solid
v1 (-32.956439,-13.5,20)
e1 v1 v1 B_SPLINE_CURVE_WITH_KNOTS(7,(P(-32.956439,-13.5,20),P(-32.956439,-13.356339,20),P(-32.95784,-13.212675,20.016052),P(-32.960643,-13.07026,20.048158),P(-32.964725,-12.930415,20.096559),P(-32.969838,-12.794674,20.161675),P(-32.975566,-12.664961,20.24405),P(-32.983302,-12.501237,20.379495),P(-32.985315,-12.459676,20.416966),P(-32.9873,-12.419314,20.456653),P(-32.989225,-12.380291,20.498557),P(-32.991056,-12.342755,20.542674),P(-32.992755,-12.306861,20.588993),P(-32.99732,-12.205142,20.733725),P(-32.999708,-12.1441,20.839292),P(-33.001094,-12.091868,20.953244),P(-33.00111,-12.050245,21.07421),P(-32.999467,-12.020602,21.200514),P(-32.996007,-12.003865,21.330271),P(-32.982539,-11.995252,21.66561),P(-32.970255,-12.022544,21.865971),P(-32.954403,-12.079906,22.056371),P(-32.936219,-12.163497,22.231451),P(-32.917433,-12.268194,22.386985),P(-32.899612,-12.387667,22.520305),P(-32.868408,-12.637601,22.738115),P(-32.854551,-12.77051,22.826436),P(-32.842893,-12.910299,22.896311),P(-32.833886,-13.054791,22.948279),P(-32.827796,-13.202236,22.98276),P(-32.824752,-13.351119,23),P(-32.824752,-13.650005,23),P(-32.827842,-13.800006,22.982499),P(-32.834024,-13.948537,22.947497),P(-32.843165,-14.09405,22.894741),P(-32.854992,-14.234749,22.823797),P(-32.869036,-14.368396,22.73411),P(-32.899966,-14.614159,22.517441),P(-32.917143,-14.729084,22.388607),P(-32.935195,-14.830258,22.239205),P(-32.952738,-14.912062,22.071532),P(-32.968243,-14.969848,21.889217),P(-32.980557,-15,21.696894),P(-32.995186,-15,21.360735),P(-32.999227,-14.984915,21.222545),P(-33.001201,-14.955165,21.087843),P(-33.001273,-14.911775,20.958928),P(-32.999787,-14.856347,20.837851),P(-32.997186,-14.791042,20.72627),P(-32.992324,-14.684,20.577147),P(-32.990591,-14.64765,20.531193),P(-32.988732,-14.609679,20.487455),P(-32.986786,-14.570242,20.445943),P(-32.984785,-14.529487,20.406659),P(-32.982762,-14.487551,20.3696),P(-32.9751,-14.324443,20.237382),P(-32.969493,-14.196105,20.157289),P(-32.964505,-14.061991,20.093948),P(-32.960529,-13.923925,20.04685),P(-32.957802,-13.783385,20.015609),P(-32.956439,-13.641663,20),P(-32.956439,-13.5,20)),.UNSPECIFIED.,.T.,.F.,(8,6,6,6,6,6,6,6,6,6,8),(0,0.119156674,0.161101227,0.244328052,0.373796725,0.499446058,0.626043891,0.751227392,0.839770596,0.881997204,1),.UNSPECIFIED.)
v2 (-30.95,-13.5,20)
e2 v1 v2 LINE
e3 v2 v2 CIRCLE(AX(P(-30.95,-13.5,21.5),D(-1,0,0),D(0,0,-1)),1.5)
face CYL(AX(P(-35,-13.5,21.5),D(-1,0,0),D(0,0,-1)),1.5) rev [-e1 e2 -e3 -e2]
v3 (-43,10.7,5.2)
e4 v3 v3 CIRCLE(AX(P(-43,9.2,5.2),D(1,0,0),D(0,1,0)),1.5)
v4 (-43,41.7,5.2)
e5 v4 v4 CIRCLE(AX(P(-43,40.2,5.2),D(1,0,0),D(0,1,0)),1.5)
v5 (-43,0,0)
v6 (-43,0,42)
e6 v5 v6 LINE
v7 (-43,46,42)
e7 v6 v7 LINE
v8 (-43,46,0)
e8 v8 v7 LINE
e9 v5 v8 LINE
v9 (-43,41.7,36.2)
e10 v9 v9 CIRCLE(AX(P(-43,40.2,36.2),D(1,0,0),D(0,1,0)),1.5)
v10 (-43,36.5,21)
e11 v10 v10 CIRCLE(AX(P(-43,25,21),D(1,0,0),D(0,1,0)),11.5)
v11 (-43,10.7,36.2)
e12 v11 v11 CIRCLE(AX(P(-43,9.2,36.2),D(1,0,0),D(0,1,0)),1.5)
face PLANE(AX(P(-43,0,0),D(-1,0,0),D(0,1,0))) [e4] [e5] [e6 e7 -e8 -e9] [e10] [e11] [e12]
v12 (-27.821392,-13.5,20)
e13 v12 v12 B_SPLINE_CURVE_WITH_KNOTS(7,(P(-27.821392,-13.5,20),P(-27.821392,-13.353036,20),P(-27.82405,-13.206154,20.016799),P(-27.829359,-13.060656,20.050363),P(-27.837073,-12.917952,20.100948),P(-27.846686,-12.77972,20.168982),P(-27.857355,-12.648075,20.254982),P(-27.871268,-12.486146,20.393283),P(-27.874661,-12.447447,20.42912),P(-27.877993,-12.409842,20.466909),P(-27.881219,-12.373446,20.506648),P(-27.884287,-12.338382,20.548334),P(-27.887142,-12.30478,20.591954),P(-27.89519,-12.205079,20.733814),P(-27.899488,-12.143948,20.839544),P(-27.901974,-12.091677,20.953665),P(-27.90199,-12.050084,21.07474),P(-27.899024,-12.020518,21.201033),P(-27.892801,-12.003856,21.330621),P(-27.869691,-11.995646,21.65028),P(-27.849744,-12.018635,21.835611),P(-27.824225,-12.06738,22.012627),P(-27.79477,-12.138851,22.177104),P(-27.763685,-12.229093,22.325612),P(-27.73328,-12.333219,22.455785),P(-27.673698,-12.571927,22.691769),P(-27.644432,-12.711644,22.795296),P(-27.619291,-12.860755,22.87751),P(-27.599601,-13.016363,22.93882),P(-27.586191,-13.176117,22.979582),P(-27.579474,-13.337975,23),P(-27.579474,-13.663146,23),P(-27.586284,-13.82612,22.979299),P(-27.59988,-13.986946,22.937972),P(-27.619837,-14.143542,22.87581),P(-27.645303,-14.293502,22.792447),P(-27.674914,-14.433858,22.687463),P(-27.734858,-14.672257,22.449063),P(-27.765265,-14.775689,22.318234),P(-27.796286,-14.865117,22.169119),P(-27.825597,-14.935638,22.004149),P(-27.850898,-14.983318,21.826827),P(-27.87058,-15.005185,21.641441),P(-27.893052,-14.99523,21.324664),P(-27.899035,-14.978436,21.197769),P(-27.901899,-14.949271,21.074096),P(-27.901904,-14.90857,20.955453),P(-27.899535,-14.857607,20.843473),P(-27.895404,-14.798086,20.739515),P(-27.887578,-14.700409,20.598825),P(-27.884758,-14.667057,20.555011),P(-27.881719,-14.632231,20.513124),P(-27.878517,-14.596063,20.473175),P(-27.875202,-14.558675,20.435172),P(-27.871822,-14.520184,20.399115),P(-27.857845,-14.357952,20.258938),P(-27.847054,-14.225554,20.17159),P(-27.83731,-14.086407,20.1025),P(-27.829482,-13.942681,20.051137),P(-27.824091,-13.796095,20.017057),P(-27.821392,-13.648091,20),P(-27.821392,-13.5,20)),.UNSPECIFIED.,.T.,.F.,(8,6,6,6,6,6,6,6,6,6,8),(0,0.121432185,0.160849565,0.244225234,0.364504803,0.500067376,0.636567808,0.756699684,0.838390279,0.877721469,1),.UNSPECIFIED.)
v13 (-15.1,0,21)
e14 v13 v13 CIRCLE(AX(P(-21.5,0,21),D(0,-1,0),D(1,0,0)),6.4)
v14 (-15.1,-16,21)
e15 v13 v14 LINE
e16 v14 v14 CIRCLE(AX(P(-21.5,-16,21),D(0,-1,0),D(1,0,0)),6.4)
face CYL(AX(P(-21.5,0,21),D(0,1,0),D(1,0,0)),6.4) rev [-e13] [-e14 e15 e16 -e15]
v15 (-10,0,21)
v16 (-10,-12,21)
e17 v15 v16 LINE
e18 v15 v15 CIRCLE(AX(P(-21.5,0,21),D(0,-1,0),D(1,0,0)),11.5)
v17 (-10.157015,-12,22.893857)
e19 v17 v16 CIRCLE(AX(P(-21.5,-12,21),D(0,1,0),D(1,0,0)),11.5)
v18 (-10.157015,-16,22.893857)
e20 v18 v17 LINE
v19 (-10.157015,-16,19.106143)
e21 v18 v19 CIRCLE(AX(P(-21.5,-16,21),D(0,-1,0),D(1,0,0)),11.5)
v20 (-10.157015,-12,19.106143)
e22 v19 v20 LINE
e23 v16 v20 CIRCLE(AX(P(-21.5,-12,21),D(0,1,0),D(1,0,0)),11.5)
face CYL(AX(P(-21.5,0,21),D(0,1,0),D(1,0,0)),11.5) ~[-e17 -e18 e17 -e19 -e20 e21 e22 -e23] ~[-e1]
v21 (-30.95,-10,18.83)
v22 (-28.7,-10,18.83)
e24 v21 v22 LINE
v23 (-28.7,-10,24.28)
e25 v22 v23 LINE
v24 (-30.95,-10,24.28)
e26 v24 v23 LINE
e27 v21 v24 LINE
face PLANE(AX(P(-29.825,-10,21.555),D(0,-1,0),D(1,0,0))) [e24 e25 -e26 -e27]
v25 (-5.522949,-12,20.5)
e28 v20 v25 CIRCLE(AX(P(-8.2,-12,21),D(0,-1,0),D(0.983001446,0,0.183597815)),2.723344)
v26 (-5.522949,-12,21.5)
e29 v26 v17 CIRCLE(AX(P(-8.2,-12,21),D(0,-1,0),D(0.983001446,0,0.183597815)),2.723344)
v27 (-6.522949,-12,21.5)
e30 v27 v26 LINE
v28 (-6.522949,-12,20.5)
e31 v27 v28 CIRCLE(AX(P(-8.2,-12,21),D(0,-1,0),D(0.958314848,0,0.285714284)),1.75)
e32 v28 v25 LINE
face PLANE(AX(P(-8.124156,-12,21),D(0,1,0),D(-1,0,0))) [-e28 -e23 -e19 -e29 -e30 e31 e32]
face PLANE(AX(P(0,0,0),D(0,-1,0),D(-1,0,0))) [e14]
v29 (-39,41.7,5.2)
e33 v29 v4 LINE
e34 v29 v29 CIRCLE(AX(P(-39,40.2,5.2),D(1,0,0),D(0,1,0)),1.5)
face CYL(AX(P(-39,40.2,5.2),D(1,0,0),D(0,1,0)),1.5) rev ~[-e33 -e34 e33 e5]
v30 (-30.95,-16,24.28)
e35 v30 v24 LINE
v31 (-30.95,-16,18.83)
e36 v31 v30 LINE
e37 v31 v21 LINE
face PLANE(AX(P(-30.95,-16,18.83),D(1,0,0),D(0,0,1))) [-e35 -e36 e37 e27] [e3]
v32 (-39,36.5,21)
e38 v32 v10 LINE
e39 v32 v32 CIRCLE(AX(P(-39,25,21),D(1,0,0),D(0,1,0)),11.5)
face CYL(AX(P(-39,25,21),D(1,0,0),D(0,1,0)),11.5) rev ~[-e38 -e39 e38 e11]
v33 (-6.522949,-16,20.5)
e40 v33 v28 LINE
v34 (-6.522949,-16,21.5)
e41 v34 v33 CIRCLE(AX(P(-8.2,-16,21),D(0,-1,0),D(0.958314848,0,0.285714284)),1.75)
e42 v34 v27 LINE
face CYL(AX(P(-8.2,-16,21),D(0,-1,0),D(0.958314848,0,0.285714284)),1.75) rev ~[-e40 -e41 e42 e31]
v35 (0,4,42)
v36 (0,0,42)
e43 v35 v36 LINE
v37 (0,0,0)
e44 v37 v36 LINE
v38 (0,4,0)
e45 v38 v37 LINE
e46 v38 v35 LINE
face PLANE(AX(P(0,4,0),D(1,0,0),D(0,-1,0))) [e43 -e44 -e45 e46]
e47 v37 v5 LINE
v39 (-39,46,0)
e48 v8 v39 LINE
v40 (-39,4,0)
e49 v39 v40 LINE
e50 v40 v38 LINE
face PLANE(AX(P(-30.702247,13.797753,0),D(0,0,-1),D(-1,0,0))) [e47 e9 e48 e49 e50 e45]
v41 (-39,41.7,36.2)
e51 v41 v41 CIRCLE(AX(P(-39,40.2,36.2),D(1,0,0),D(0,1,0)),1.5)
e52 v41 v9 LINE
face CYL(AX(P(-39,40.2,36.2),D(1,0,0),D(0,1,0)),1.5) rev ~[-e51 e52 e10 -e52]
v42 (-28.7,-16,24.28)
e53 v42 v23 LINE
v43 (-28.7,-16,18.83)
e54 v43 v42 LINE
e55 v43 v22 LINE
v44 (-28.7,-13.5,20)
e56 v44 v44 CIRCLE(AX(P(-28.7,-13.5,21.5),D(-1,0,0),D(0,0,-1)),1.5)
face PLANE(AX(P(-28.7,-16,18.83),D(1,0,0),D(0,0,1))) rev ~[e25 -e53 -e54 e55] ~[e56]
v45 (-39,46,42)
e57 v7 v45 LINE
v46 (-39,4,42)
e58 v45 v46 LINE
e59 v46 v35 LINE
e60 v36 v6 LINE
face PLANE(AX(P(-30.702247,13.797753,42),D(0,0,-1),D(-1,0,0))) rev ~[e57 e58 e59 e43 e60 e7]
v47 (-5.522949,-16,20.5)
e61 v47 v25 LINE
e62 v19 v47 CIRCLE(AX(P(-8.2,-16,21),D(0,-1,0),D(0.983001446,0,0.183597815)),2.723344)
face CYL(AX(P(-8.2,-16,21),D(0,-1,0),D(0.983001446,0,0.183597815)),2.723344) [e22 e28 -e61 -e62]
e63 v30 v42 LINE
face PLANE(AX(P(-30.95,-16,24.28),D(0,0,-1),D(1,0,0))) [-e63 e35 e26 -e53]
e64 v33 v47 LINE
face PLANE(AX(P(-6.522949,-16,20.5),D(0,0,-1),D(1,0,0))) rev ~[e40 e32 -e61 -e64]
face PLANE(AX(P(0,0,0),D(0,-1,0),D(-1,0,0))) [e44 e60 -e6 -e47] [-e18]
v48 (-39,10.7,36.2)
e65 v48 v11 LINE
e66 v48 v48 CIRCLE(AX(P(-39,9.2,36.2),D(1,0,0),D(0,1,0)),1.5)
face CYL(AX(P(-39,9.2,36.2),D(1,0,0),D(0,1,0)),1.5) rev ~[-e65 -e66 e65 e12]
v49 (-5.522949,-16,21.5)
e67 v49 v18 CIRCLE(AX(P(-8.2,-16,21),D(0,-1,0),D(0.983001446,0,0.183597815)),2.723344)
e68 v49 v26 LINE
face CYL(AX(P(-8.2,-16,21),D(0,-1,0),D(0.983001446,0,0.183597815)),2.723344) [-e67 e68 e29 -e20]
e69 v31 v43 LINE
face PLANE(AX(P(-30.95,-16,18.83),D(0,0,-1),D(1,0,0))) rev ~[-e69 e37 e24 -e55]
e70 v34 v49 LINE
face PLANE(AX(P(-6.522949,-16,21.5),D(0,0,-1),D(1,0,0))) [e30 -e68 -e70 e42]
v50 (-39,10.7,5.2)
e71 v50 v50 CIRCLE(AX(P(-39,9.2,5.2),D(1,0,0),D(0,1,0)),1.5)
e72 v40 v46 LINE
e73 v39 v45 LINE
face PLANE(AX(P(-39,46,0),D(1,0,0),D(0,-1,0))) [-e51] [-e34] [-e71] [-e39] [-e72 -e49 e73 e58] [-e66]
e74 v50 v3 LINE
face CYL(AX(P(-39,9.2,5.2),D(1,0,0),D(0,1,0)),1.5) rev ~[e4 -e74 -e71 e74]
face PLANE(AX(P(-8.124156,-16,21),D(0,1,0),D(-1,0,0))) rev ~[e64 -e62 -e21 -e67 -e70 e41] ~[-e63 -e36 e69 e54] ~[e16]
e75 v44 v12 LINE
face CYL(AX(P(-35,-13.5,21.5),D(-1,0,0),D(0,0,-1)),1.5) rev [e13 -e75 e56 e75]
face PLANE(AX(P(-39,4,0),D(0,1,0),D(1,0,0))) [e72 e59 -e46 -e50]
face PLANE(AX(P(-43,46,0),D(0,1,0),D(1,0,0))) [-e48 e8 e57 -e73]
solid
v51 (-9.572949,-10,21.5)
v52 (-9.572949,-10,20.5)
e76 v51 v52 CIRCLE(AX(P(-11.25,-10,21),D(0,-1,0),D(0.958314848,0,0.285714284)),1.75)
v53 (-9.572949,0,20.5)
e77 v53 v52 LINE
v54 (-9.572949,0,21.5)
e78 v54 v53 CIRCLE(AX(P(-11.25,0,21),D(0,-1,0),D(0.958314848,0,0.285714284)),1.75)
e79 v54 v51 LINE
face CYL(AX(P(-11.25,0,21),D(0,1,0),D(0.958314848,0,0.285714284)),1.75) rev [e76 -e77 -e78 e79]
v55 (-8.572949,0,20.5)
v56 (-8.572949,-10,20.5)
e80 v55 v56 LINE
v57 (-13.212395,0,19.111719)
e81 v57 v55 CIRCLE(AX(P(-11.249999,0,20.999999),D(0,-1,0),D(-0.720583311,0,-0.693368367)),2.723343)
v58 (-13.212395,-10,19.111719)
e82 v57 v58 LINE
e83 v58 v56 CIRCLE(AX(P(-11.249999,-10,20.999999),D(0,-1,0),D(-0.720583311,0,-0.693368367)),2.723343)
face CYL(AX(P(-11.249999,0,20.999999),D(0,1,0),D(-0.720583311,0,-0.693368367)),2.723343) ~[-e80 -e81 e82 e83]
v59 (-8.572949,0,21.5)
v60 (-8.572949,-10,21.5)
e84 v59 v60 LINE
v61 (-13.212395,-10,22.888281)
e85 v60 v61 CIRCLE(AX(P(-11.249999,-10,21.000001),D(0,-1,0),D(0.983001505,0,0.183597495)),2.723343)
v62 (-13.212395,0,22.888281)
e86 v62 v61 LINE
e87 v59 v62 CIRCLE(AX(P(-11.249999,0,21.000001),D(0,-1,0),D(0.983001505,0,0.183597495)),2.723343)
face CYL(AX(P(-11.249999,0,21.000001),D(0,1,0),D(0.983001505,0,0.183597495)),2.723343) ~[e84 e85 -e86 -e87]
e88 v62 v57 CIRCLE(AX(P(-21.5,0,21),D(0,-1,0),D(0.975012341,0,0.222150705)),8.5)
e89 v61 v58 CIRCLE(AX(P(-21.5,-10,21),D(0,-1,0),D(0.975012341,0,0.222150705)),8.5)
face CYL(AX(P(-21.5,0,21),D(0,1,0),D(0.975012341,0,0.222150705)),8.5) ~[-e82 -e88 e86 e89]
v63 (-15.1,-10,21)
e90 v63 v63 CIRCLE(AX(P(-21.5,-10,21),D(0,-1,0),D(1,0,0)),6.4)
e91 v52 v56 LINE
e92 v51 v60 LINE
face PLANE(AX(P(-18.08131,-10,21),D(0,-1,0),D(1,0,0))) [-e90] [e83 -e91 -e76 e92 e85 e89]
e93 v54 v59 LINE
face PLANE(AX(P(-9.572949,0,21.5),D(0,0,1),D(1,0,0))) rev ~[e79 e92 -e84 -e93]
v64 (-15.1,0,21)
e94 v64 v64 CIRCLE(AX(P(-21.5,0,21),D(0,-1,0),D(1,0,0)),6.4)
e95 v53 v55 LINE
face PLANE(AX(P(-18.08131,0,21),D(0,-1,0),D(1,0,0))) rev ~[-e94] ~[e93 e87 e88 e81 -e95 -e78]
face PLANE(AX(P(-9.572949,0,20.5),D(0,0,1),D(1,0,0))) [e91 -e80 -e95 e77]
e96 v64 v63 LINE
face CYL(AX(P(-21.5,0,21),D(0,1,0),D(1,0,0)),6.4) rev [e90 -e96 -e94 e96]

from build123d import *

# Parameters (mm, degrees)
SKETCH004_R     = 6.4
PAD003_DEPTH    = 10
CYLINDER_R      = 1.5
CYLINDER_DEPTH  = 10
PAD_DEPTH       = 42
SKETCH001_R     = 1.5
SKETCH001_R_2   = 11.5
POCKET_DEPTH    = 4.001
SKETCH002_R     = 11.5
SKETCH002_R_2   = 6.4
PAD001_DEPTH    = 16
PAD002_DEPTH    = 4
SKETCH005_W     = 2.25
SKETCH005_H     = 5.45
POCKET001_DEPTH = 6


with BuildPart() as body001:
    # Sketch004 → Pad003 (new body)
    with BuildSketch(Plane.XZ):
        with BuildLine():
            ThreePointArc((-13.212395, 22.888281), (-30, 21), (-13.212395, 19.111719))
            ThreePointArc((-13.212395, 19.111719), (-10.469286, 18.39096), (-8.572949, 20.5))
            Line((-9.572949, 20.5), (-8.572949, 20.5))
            ThreePointArc((-9.572949, 21.5), (-13, 21), (-9.572949, 20.5))
            Line((-9.572949, 21.5), (-8.572949, 21.5))
            ThreePointArc((-8.572949, 21.5), (-10.469286, 23.60904), (-13.212395, 22.888281))
        make_face()
        with Locations((-21.5, 21)):
            Circle(SKETCH004_R, mode=Mode.SUBTRACT)
    extrude(amount=PAD003_DEPTH)


with BuildPart() as cylinder:
    # Cylinder → Cylinder (new body)
    with BuildSketch(Plane(origin=(-35, -13.5, 21.5), x_dir=(0, 0, -1), z_dir=(1, 0, 0))):
        Circle(CYLINDER_R)
    extrude(amount=CYLINDER_DEPTH)


with BuildPart() as cut:
    # Sketch → Pad (new body)
    with BuildSketch(Plane.XY):
        Polygon((0, 0), (-43, 0), (-43, 46), (-39, 46), (-39, 4), (0, 4), align=None)
    extrude(amount=PAD_DEPTH)

    # Sketch001 (on Face4 of Pad) → Pocket (cut, through all)
    with BuildSketch(Plane.YZ.offset(-39)):
        with Locations((9.2, 36.2)):
            Circle(SKETCH001_R)
        with Locations((40.2, 36.2)):
            Circle(SKETCH001_R)
        with Locations((9.2, 5.2)):
            Circle(SKETCH001_R)
        with Locations((40.2, 5.2)):
            Circle(SKETCH001_R)
        with Locations((25, 21)):
            Circle(SKETCH001_R_2)
    extrude(amount=-POCKET_DEPTH, mode=Mode.SUBTRACT)

    # Sketch002 (on Face1 of Pocket) → Pad001 (join)
    with BuildSketch(Plane.XZ):
        with Locations((-21.5, 21)):
            Circle(SKETCH002_R)
        with Locations((-21.5, 21)):
            Circle(SKETCH002_R_2, mode=Mode.SUBTRACT)
    extrude(amount=PAD001_DEPTH)

    # Sketch003 (on Face15 of Pad001) → Pad002 (join)
    with BuildSketch(Plane.XZ.offset(16)):
        with BuildLine():
            ThreePointArc((-6.522949, 21.5), (-9.95, 21), (-6.522949, 20.5))
            Line((-6.522949, 20.5), (-5.522949, 20.5))
            ThreePointArc((-5.522949, 21.5), (-10.923344, 21), (-5.522949, 20.5))
            Line((-6.522949, 21.5), (-5.522949, 21.5))
        make_face()
    extrude(amount=-PAD002_DEPTH)

    # Sketch005 (on Face17 of Pad002) → Pocket001 (cut)
    with BuildSketch(Plane.XZ.offset(16)):
        with Locations((-29.825, 21.555)):
            Rectangle(SKETCH005_W, SKETCH005_H)
    extrude(amount=-POCKET001_DEPTH, mode=Mode.SUBTRACT)

    # Cut: cut Cylinder
    add(cylinder.part, mode=Mode.SUBTRACT)


solid = Compound([body001.part, cut.part])
